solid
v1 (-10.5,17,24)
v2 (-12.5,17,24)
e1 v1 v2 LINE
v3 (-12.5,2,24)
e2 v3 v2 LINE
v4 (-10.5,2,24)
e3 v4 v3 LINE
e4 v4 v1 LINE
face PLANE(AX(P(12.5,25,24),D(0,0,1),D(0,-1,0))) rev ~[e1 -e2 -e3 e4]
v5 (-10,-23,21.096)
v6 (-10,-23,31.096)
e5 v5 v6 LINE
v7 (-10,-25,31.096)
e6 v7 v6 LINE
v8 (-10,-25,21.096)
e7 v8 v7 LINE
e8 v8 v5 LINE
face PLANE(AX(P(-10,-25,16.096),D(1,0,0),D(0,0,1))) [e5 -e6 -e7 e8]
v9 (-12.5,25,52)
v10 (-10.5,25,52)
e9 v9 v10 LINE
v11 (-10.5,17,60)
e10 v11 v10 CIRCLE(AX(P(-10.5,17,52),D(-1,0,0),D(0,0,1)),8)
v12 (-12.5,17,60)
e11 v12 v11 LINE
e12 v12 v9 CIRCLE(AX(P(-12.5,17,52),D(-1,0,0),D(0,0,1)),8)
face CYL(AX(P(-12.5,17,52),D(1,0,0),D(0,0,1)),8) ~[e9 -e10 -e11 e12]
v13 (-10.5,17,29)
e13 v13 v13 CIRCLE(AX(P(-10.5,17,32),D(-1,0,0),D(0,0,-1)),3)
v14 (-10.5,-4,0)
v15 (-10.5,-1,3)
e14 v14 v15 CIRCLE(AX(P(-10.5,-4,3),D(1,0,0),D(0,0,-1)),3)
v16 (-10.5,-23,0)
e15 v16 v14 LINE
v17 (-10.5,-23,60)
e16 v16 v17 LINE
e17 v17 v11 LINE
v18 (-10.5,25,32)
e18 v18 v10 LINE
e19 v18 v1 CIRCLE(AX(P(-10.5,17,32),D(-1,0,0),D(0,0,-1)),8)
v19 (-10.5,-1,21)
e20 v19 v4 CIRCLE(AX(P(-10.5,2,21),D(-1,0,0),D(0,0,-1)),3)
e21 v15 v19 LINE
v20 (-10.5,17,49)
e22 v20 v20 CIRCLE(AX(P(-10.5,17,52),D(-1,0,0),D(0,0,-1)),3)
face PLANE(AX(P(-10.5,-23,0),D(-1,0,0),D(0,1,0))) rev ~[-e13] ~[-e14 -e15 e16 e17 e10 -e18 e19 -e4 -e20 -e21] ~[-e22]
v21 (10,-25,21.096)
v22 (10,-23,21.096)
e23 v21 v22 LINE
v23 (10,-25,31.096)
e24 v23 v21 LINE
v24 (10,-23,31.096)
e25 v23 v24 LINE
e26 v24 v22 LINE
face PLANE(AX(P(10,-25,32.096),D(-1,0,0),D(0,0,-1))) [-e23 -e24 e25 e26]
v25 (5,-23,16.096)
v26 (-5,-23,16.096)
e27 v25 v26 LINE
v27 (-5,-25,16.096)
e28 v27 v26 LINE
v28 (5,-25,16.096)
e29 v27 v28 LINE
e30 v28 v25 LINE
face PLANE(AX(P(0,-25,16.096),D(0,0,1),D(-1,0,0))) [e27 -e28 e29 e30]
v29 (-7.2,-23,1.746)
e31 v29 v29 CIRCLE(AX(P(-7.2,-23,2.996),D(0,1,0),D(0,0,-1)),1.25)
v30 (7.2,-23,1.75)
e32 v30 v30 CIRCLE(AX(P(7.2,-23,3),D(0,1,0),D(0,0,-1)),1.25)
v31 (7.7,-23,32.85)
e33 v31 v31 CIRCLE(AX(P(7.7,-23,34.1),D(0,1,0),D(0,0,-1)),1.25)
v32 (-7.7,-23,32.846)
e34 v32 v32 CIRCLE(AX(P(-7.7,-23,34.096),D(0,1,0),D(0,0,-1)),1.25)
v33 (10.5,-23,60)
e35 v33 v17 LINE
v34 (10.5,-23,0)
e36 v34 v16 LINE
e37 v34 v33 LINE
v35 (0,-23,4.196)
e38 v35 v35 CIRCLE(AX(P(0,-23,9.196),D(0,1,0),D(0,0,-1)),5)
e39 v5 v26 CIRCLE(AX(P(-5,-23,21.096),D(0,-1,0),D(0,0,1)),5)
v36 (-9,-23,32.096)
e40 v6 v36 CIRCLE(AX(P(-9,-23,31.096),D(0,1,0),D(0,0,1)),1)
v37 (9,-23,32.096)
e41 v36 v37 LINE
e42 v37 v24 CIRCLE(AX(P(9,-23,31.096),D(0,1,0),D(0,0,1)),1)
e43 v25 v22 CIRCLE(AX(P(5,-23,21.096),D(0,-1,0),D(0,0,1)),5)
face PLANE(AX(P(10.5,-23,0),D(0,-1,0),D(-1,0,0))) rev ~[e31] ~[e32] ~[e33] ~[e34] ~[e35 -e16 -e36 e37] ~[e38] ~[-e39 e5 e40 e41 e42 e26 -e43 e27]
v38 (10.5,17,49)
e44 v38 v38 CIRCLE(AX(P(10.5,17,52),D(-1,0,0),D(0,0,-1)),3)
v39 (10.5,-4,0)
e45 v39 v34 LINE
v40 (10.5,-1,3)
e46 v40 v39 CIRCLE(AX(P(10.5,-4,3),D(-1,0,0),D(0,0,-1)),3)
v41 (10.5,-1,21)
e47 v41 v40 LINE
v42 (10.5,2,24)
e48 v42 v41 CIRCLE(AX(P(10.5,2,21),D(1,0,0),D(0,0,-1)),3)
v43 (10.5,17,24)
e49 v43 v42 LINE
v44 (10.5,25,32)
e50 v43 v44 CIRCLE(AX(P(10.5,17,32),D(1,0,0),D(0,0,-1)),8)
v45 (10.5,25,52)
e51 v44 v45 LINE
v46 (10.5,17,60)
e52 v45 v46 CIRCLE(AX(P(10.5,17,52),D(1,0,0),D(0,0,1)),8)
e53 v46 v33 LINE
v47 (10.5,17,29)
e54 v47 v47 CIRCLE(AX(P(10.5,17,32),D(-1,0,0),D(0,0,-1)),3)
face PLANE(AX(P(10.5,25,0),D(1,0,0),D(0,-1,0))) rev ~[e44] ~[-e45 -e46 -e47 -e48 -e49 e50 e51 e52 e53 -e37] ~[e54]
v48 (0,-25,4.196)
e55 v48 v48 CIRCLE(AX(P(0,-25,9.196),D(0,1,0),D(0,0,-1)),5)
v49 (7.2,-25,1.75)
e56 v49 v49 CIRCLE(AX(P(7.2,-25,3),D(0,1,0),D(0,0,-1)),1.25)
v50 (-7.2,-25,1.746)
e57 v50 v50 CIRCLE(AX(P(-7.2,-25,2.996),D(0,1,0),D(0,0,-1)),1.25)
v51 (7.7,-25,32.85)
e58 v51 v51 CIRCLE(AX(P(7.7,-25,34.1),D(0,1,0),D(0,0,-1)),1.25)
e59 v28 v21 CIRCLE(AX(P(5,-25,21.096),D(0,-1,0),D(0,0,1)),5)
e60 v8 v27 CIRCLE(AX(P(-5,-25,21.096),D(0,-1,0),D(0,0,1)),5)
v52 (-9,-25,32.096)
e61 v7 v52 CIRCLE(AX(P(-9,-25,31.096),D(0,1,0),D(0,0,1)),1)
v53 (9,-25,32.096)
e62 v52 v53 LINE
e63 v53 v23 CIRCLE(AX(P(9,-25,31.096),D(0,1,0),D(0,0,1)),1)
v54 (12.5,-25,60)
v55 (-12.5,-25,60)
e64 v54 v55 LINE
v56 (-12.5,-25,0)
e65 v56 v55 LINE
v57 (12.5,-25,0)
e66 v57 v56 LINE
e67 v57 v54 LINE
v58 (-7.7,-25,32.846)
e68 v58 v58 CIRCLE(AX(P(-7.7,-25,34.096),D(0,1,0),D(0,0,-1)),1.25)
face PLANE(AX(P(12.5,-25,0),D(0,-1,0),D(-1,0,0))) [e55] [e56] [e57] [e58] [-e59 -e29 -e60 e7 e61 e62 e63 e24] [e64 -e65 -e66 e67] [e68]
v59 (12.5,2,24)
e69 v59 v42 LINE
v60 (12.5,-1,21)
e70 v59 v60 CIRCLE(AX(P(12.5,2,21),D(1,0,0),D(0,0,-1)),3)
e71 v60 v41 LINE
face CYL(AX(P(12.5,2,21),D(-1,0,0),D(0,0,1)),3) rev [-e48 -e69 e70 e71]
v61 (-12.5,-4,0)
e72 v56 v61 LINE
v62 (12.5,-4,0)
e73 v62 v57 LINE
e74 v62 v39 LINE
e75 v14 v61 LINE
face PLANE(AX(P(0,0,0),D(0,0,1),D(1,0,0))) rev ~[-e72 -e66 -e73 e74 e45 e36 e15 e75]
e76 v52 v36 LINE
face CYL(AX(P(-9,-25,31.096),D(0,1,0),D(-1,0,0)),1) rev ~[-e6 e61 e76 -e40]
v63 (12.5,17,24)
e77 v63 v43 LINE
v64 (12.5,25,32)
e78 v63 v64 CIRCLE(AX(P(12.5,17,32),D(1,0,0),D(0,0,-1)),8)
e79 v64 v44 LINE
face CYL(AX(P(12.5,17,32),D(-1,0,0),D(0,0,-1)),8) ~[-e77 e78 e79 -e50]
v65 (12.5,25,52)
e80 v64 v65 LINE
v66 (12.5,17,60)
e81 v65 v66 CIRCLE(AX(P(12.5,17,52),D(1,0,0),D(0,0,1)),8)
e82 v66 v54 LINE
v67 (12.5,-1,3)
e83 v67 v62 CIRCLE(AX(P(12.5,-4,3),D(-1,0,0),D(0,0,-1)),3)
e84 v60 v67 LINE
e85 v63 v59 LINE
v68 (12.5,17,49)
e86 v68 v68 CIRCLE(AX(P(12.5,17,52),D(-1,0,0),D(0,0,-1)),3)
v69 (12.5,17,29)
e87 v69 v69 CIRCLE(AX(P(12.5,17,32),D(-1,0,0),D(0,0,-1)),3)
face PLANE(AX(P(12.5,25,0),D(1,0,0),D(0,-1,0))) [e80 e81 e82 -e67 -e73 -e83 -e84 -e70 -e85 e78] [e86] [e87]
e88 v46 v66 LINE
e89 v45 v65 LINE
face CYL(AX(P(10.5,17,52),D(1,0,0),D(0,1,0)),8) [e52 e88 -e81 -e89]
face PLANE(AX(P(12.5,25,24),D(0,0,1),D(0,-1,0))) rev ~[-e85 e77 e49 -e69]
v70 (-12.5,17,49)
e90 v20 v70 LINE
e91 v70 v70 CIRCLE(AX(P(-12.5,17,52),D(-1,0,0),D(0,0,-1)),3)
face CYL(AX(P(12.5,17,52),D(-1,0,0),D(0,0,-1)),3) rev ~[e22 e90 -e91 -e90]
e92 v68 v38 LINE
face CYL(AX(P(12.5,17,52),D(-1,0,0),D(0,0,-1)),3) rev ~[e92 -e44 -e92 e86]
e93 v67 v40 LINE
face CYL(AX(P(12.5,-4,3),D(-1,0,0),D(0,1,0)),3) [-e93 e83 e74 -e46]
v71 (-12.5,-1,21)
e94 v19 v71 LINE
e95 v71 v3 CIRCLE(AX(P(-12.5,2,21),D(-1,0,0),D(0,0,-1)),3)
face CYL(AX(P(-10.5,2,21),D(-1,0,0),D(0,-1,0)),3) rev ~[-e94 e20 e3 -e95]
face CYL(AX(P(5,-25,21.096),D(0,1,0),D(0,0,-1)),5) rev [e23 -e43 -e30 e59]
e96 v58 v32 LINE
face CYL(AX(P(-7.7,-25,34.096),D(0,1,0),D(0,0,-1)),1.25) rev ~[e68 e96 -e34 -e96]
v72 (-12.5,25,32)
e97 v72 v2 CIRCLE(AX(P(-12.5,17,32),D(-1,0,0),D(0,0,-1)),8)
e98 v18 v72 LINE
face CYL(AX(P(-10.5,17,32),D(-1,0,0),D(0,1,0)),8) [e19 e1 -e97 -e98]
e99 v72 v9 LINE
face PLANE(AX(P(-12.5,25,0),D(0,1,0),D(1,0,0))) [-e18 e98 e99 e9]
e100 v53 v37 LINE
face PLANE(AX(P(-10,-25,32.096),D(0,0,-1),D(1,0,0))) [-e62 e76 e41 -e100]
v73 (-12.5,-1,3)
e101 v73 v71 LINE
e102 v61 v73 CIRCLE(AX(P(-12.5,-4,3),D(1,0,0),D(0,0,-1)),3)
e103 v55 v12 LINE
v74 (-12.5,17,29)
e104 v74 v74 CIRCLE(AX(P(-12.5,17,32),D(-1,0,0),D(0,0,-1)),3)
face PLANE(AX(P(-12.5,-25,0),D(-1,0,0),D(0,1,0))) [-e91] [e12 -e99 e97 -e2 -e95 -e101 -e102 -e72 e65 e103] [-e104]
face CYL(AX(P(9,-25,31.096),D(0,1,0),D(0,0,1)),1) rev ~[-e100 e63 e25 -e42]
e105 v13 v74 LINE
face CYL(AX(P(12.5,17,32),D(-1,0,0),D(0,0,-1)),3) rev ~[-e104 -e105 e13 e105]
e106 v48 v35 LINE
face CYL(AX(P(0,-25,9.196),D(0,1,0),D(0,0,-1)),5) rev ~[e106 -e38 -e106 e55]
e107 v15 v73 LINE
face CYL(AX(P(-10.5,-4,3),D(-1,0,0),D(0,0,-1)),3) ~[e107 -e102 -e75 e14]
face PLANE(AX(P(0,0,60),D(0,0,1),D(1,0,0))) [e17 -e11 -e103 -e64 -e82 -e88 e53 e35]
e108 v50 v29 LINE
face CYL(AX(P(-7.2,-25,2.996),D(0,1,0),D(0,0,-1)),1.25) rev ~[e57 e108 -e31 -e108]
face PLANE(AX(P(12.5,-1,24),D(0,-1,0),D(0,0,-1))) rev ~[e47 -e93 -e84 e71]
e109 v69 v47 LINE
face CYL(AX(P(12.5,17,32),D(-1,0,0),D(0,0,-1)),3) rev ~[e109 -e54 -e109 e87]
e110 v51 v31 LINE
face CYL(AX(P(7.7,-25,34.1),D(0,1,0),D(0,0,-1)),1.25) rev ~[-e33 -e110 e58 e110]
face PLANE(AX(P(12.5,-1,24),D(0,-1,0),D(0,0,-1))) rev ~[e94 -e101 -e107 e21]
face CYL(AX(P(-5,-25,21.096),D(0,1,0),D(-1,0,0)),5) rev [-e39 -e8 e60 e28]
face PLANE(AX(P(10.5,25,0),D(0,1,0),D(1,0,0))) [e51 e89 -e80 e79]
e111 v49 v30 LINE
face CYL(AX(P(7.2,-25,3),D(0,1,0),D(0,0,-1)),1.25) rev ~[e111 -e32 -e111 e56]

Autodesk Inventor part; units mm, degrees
ref_plane "YZ Plane" through (0, 0, 0) normal (1, 0, 0) x (0, 1, 0)
ref_plane "XZ Plane" through (0, 0, 0) normal (0, 1, 0) x (-1, 0, 0)
ref_plane "XY Plane" through (0, 0, 0) normal (0, 0, 1) x (1, 0, 0)
sketch "スケッチ1" plane through (0, 0, 0) normal (0, 0, 1) x (1, 0, 0)
  line L0 (-12.5, 25) -> (12.5, 25)
  line L1 (12.5, 25) -> (12.5, -25)
  line L2 (12.5, -25) -> (-12.5, -25)
  line L3 (-12.5, -25) -> (-12.5, 25)
  line L4 (-10.5, 25) -> (10.5, 25)
  line L5 (10.5, 25) -> (10.5, -23)
  line L6 (10.5, -23) -> (-10.5, -23)
  line L7 (-10.5, -23) -> (-10.5, 25)
  point P0 (0, 0)
  dimension "d0" = 25
  dimension "d1" = 50
  dimension "d2" = 25
  dimension "d3" = 12.5
  dimension "d4" = 2
  dimension "d5" = 2
  dimension "d6" = 2
extrude "押し出し1" add sketch "スケッチ1" along normal blind 60 contours L0 L7 L6 L5 L1 L2 L3
sketch "スケッチ2" plane through (12.5, -25, 0) normal (1, 0, 0) x (0, 0, -1)
  line L0 (0, 50) -> (-60, 50) projected
  line L1 (-30, 50) -> (-30, 0)
  line L2 (0, 0) -> (-60, 0) projected
  line L3 (-60, 50) -> (-60, 0) projected
  point P0 (0, 25)
  point P1 (-52, 42)
  point P2 (-32, 42)
  dimension "d11" = 8
  dimension "d12" = 8
  dimension "d76" = 8
  dimension "d84" = 20
hole "Hole1" at (12.5, 17, 52) at (12.5, 17, 32) direction (-1, 0, 0) diameter 6 end through all
sketch "スケッチ5" plane through (-12.5, -25, 0) normal (0, -1, 0) x (1, 0, 0)
  line L0 (25, 60) -> (0, 60) projected
  line L1 (25, 0) -> (25, 60) projected
  line L2 (12.5, 60) -> (12.5, 0)
  line L3 (0, 0) -> (25, 0) projected
  point P0 (4.8, 34.096)
  point P1 (5.3, 2.996)
  point P2 (19.7, 3)
  point P3 (20.2, 34.1)
  dimension "d46" = 14.4
  dimension "d47" = 15.4
  dimension "d48" = 31.1
  dimension "d50" = 15.4
  dimension "d51" = 14.4
  dimension "d52" = 31.1
  dimension "d53" = 3
hole "Hole3" at (-7.7, -25, 34.096) at (-7.2, -25, 2.996) at (7.2, -25, 3) at (7.7, -25, 34.1) direction (0, 1, 0) diameter 2.5 end through all
sketch "スケッチ6" plane through (-12.5, -25, 0) normal (0, -1, 0) x (1, 0, 0)
  circle A0 centre (5.3, 2.996) radius 1.25 projected
  point P0 (12.5, 0)
  point P1 (12.5, 9.196)
  dimension "d54" = 7.2
  dimension "d55" = 6.2
hole "Hole4" at (0, -25, 9.196) direction (0, 1, 0) diameter 10 depth 8 tip angle 118
sketch "スケッチ7" plane through (-12.5, -25, 0) normal (0, -1, 0) x (1, 0, 0)
  circle A0 centre (4.8, 34.096) radius 1.25 projected
  line L0 (25, 60) -> (0, 60) projected
  line L1 (0, 0) -> (25, 0) projected
  line L2 (2.5, 32.096) -> (22.5, 32.096)
  line L3 (22.5, 32.096) -> (22.5, 16.096)
  line L4 (22.5, 16.096) -> (2.5, 16.096)
  line L5 (2.5, 16.096) -> (2.5, 32.096)
  line L6 (12.5, 60) -> (12.5, 0)
  dimension "d63" = 16
  dimension "d64" = 20
  dimension "d65" = 20
  dimension "d66" = 2
extrude "押し出し3" cut sketch "スケッチ7" against normal through all contours L2 L6 L4 L5 | L2 L3 L4 L6
fillet "フィレット3" radius 5 2 edges at (-10, -24, 16.096) (10, -24, 16.096)
fillet "フィレット4" radius 1 2 edges at (-10, -24, 32.096) (10, -24, 32.096)
sketch "スケッチ9" plane through (12.5, -25, 0) normal (1, 0, 0) x (0, 0, -1)
  circle A0 centre (-32, 42) radius 3 projected
  line L0 (0, 50) -> (-24, 50)
  line L1 (-24, 50) -> (-24, 24)
  line L2 (-24, 24) -> (0, 24)
  line L3 (0, 24) -> (0, 50)
  line L4 (0, 2) -> (-60, 2) projected
  point P0 (0, 25)
  dimension "d77" = 8
  dimension "d78" = 22
extrude "押し出し5" cut sketch "スケッチ9" against normal through all contours L3 L2 L1 L0
fillet "フィレット5" radius 3 2 edges at (11.5, -1, 24) (-11.5, -1, 24)
fillet "フィレット6" radius 8 4 edges at (-11.5, 25, 60) (11.5, 25, 60) (11.5, 25, 24) (-11.5, 25, 24)
fillet "フィレット7" radius 3 2 edges at (11.5, -1, 0) (-11.5, -1, 0)
equation "\"d1\" = 2 * d0"
equation "\"d2\" = 0.5 * d1"
equation "\"d3\" = 0.5 * d0"
equation "\"d4\" = d5"
equation "\"d6\" = d5"
equation "\"d12\" = d11"
equation "\"d76\" = d11"
equation "\"d50\" = d47"
equation "\"d51\" = d46"
equation "\"d52\" = d48"
equation "\"d65\" = d64"
properties part number "JointC3"
